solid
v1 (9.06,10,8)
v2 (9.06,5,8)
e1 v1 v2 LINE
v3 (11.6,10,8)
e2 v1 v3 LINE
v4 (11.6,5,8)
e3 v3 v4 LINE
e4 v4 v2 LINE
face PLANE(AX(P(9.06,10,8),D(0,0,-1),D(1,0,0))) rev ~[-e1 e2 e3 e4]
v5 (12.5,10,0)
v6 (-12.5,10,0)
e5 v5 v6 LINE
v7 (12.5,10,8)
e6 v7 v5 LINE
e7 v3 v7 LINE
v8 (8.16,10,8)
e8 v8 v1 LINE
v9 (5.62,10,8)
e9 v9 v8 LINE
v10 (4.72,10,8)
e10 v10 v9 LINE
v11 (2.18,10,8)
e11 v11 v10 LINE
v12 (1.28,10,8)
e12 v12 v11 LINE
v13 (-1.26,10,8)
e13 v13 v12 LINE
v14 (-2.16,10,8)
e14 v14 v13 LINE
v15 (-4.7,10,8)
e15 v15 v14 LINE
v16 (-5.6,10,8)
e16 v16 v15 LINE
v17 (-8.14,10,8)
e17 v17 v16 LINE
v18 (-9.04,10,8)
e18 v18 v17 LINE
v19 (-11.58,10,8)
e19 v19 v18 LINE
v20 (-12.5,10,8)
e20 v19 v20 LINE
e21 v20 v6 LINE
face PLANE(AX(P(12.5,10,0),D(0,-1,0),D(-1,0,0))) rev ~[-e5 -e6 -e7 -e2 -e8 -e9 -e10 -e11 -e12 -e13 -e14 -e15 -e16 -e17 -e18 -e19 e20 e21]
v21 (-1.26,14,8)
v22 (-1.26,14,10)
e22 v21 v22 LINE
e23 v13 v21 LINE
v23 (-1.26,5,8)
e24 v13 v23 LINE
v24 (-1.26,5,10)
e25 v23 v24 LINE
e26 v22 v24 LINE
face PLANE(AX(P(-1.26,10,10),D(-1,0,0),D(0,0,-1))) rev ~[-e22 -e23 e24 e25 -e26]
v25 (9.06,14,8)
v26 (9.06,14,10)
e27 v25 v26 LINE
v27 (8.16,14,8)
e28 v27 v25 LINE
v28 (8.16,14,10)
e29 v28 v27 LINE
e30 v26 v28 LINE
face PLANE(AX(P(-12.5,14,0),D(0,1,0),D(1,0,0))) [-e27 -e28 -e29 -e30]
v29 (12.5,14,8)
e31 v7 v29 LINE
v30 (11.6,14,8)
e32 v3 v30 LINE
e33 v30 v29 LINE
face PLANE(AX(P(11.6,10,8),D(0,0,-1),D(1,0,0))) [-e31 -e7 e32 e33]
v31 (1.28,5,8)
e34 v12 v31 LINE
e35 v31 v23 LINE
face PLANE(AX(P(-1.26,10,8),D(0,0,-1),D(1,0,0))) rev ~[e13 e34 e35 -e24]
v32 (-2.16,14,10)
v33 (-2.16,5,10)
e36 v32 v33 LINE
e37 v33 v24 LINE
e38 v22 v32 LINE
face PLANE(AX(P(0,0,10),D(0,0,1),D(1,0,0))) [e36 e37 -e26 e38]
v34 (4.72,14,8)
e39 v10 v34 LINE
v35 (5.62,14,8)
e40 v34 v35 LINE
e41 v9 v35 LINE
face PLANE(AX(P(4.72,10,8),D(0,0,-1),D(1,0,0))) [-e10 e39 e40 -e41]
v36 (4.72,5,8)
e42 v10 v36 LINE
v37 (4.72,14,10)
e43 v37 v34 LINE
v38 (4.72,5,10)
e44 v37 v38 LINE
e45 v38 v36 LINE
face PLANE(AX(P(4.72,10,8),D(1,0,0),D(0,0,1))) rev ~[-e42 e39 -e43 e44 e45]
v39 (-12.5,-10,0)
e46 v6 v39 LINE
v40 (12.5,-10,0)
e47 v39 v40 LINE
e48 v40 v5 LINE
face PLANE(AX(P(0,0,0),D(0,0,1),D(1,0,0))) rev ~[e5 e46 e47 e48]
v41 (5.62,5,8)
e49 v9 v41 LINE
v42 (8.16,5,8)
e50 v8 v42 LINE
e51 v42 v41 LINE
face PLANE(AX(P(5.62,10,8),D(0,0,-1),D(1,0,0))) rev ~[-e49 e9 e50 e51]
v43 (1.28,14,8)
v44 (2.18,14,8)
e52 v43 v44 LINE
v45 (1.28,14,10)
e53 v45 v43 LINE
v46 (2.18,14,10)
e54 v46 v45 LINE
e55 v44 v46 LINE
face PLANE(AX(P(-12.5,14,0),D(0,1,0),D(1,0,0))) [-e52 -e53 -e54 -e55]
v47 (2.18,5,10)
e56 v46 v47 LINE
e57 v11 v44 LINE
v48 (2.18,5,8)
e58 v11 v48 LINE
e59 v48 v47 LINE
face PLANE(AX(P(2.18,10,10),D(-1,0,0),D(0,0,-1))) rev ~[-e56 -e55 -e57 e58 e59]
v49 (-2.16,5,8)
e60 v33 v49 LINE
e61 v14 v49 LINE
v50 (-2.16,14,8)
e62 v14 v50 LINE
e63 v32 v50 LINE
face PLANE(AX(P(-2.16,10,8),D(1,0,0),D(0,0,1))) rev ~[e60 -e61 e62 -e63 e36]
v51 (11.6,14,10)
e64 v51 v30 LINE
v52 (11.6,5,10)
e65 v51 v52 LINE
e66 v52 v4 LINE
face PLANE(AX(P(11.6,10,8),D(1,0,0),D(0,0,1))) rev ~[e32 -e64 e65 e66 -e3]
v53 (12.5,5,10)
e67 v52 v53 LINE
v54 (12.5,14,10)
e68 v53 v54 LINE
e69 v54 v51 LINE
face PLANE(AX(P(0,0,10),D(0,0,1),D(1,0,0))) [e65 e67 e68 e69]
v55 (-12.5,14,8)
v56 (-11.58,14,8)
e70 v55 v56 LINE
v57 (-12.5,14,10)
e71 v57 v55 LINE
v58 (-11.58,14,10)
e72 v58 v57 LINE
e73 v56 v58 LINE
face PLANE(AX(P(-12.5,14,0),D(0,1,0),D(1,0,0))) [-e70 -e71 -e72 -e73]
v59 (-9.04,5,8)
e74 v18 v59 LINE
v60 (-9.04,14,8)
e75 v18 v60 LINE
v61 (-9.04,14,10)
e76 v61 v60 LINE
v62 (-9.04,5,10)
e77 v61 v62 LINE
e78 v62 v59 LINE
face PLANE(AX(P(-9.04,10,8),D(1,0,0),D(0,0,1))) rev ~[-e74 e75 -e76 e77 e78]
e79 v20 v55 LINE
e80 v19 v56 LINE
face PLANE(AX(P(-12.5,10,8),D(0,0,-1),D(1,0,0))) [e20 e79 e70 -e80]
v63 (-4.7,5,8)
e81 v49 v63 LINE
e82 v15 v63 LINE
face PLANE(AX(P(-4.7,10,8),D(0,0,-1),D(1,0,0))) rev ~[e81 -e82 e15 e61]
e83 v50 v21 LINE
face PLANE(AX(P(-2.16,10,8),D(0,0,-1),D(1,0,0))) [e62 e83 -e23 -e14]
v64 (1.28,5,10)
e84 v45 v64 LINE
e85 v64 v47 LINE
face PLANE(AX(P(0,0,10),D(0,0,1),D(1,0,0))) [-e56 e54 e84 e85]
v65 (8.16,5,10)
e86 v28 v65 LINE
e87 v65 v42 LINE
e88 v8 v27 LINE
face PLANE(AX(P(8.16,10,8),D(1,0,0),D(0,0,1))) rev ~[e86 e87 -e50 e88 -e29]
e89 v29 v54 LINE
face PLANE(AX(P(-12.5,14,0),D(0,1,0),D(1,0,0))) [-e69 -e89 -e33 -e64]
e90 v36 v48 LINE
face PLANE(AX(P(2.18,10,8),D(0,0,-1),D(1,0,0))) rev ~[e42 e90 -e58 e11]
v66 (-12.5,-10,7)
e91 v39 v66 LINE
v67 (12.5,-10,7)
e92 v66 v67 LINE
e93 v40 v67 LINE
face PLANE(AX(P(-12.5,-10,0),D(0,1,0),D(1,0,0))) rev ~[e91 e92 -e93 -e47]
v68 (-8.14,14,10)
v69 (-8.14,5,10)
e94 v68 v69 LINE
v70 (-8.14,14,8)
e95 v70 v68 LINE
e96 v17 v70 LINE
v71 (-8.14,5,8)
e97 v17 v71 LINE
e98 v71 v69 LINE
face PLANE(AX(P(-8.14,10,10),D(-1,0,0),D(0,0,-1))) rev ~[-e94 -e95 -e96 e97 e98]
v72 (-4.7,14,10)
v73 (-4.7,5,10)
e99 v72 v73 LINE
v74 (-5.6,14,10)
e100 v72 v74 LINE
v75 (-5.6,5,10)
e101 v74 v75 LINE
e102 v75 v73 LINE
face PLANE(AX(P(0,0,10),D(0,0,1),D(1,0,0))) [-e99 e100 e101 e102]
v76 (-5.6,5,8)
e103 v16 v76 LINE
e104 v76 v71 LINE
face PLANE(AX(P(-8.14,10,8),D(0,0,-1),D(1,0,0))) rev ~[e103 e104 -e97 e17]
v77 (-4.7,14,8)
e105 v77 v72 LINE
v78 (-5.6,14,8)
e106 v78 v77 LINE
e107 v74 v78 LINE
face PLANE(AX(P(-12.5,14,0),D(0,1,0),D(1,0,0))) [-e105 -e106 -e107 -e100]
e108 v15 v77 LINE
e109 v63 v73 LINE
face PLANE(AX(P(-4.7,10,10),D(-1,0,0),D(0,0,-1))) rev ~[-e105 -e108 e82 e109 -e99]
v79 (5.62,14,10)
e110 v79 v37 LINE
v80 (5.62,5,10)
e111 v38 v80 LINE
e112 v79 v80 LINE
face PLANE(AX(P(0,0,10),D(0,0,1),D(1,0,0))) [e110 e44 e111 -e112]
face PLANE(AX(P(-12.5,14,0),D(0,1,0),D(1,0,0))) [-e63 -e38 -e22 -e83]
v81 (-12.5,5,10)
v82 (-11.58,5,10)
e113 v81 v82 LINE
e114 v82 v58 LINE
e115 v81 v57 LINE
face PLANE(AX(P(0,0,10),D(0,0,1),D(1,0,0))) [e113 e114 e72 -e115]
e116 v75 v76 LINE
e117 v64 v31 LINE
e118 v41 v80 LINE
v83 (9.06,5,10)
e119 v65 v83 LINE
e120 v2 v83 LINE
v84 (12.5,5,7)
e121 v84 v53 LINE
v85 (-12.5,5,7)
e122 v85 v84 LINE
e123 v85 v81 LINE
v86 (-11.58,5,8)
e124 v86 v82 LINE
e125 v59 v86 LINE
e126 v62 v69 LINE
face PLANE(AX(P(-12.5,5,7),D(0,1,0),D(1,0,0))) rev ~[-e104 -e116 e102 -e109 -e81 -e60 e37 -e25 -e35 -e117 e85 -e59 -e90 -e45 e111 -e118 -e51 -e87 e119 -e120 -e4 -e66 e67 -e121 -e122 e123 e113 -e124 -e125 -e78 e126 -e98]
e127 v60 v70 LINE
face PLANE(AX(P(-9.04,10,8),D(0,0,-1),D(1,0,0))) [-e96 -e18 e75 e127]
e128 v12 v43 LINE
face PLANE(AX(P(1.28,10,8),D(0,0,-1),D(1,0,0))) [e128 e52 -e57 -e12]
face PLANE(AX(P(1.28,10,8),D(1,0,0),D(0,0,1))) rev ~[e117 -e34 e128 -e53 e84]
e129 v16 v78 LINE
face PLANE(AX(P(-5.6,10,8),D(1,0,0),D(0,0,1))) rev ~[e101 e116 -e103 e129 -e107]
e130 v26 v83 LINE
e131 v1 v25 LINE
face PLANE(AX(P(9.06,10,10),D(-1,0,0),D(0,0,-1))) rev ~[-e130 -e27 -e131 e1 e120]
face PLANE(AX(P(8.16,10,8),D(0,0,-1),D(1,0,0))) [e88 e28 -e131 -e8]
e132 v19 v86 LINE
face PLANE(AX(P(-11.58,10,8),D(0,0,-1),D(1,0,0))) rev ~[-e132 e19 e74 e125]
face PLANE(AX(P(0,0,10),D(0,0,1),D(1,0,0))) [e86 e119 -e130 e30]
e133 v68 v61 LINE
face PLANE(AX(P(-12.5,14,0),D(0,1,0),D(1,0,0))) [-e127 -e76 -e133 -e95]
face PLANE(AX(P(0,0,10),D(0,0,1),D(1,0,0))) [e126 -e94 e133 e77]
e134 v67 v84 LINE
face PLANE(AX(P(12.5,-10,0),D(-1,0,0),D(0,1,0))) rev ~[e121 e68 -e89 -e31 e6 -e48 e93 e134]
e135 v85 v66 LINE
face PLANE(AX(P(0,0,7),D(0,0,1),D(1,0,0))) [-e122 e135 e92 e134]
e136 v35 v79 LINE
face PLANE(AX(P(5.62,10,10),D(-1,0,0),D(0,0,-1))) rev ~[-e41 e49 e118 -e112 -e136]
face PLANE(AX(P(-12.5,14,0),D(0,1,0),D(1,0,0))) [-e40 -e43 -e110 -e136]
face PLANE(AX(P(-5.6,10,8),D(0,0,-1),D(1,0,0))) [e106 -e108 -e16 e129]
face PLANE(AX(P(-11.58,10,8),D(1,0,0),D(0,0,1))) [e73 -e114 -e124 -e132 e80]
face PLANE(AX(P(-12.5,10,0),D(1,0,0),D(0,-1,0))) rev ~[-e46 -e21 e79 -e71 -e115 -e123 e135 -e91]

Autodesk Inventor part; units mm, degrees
ref_plane "YZ Plane" through (0, 0, 0) normal (1, 0, 0) x (0, 1, 0)
ref_plane "XZ Plane" through (0, 0, 0) normal (0, 1, 0) x (-1, 0, 0)
ref_plane "XY Plane" through (0, 0, 0) normal (0, 0, 1) x (1, 0, 0)
sketch "Esquisse1" plane through (0, 0, 0) normal (0, 0, 1) x (1, 0, 0)
  line L0 (-12.5, -10) -> (12.5, -10)
  line L1 (12.5, -10) -> (12.5, 10)
  line L2 (12.5, 10) -> (-12.5, 10)
  line L3 (-12.5, 10) -> (-12.5, -10)
  line L4 (-12.5, -10) -> (12.5, 10) construction
  line L5 (12.5, -10) -> (-12.5, 10) construction
  point P0 (0, 0)
  dimension "d0" = 25
  dimension "d1" = 20
extrude "Extrusion1" add sketch "Esquisse1" along normal blind 7
sketch "Esquisse2" plane through (0, 0, 7) normal (0, 0, 1) x (1, 0, 0)
  line L0 (12.5, -10) -> (12.5, 10) projected
  line L1 (-12.5, 10) -> (-12.5, -10) projected
  line L2 (12.5, 10) -> (-12.5, 10)
  line L3 (-12.5, 10) -> (-12.5, 5)
  line L4 (-12.5, 5) -> (12.5, 5)
  line L5 (12.5, 5) -> (12.5, 10)
  point P0 (0, 0)
  point P1 (12.5, 5)
  dimension "d4" = 5
extrude "Extrusion2" add sketch "Esquisse2" along normal blind 3
sketch "Esquisse3" plane through (-12.5, 10, 0) normal (0, 1, 0) x (1, 0, 0)
  line L0 (25, 0) -> (25, -10) projected
  line L1 (25, -10) -> (24.1, -10)
  line L2 (24.1, -10) -> (24.1, -8)
  line L3 (24.1, -8) -> (25, -8)
  line L4 (25, -8) -> (25, -10)
  line L5 (24.1, -10) -> (21.56, -10)
  line L6 (25, -10) -> (0, -10) projected
  line L7 (21.56, -10) -> (16.1469, -10)
  line L8 (21.56, -10) -> (20.66, -10)
  line L9 (20.66, -10) -> (20.66, -8)
  line L10 (20.66, -8) -> (21.56, -8)
  line L11 (21.56, -8) -> (21.56, -10)
  line L12 (20.66, -10) -> (18.12, -10)
  line L13 (18.12, -10) -> (17.22, -10)
  line L14 (17.22, -10) -> (17.22, -8)
  line L15 (17.22, -8) -> (18.12, -8)
  line L16 (18.12, -8) -> (18.12, -10)
  line L17 (17.22, -10) -> (14.68, -10)
  line L18 (14.68, -10) -> (13.78, -10)
  line L19 (13.78, -10) -> (13.78, -8)
  line L20 (13.78, -8) -> (14.68, -8)
  line L21 (14.68, -8) -> (14.68, -10)
  line L22 (13.78, -10) -> (11.24, -10)
  line L23 (11.24, -10) -> (10.34, -10)
  line L24 (10.34, -10) -> (10.34, -8)
  line L25 (10.34, -8) -> (11.24, -8)
  line L26 (11.24, -8) -> (11.24, -10)
  line L27 (10.34, -10) -> (7.8, -10)
  line L28 (7.8, -10) -> (6.9, -10)
  line L29 (6.9, -10) -> (6.9, -8)
  line L30 (6.9, -8) -> (7.8, -8)
  line L31 (7.8, -8) -> (7.8, -10)
  line L32 (6.9, -10) -> (4.36, -10)
  line L33 (4.36, -10) -> (3.46, -10)
  line L34 (3.46, -10) -> (3.46, -8)
  line L35 (3.46, -8) -> (4.36, -8)
  line L36 (4.36, -8) -> (4.36, -10)
  line L37 (3.46, -10) -> (0.92, -10)
  line L38 (0.92, -10) -> (0.02, -10)
  line L39 (0.02, -8) -> (0.92, -8)
  line L40 (0.92, -8) -> (0.92, -10)
  line L41 (0, -10) -> (0, -8)
  line L42 (0, -8) -> (0.02, -8)
  point P0 (12.5, 0)
  point P1 (3.46, -10)
  point P2 (4.36, -10)
  point P3 (6.9, -10)
  point P4 (7.8, -10)
  dimension "d7" = 2.54
  dimension "d11" = 0.9
  dimension "d12" = 2
  dimension "d13" = 2.54
  dimension "d14" = 0.9
  dimension "d15" = 2
  dimension "d16" = 2.54
  dimension "d17" = 0.9
  dimension "d18" = 2
  dimension "d19" = 2.54
  dimension "d20" = 0.9
  dimension "d21" = 2
  dimension "d22" = 2.54
  dimension "d23" = 0.9
  dimension "d24" = 2
  dimension "d25" = 2.54
  dimension "d26" = 0.9
  dimension "d27" = 2
  dimension "d28" = 2.54
  dimension "d29" = 0.9
  dimension "d30" = 2
  dimension "d33" = 2
extrude "Extrusion3" add sketch "Esquisse3" along normal blind 4
sketch "Esquisse4" plane through (-12.5, 10, 0) normal (0, 1, 0) x (1, 0, 0)
  line L0 (25, -7) -> (25, -10) projected
  line L1 (25, -10) -> (24.1, -10)
  line L2 (0, -10) -> (25, -10) projected
  line L3 (24.1, -10) -> (21.56, -10)
  line L4 (21.56, -10) -> (21.56, -8)
  line L5 (21.56, -8) -> (24.1, -8)
  line L6 (24.1, -8) -> (24.1, -10)
  line L7 (21.56, -10) -> (20.66, -10)
  line L8 (20.66, -10) -> (18.12, -10)
  line L9 (18.12, -10) -> (18.12, -8)
  line L10 (18.12, -8) -> (20.66, -8)
  line L11 (20.66, -8) -> (20.66, -10)
  line L12 (18.12, -10) -> (17.22, -10)
  line L13 (17.22, -10) -> (14.68, -10)
  line L14 (14.68, -10) -> (14.68, -8)
  line L15 (14.68, -8) -> (17.22, -8)
  line L16 (17.22, -8) -> (17.22, -10)
  line L17 (14.68, -10) -> (13.78, -10)
  line L18 (13.78, -10) -> (11.24, -10)
  line L19 (11.24, -10) -> (11.24, -8)
  line L20 (11.24, -8) -> (13.78, -8)
  line L21 (13.78, -8) -> (13.78, -10)
  line L22 (11.24, -10) -> (10.34, -10)
  line L23 (10.34, -10) -> (7.8, -10)
  line L24 (7.8, -10) -> (7.8, -8)
  line L25 (7.8, -8) -> (10.34, -8)
  line L26 (10.34, -8) -> (10.34, -10)
  line L27 (7.8, -10) -> (6.9, -10)
  line L28 (6.9, -10) -> (4.36, -10)
  line L29 (4.36, -10) -> (4.36, -8)
  line L30 (4.36, -8) -> (6.9, -8)
  line L31 (6.9, -8) -> (6.9, -10)
  line L32 (4.36, -10) -> (3.46, -10)
  line L33 (3.46, -10) -> (0.92, -10)
  line L34 (0.92, -10) -> (0.92, -8)
  line L35 (0.92, -8) -> (3.46, -8)
  line L36 (3.46, -8) -> (3.46, -10)
  point P0 (12.5, 0)
  point P1 (3.46, -10)
  point P2 (4.36, -10)
  point P3 (6.9, -10)
  point P4 (7.8, -10)
  dimension "d36" = 0.9
  dimension "d37" = 2.54
  dimension "d38" = 2
  dimension "d39" = 0.9
  dimension "d40" = 2.54
  dimension "d41" = 2
  dimension "d42" = 0.9
  dimension "d43" = 2.54
  dimension "d44" = 2
  dimension "d45" = 0.9
  dimension "d46" = 2.54
  dimension "d47" = 2
  dimension "d48" = 0.9
  dimension "d49" = 2.54
  dimension "d50" = 2
  dimension "d51" = 0.9
  dimension "d52" = 2.54
  dimension "d53" = 2
  dimension "d54" = 0.9
  dimension "d55" = 2.54
  dimension "d56" = 2
extrude "Extrusion4" cut sketch "Esquisse4" along normal through all both and the other way through all
properties part number "Gyroscope MPU6050"
